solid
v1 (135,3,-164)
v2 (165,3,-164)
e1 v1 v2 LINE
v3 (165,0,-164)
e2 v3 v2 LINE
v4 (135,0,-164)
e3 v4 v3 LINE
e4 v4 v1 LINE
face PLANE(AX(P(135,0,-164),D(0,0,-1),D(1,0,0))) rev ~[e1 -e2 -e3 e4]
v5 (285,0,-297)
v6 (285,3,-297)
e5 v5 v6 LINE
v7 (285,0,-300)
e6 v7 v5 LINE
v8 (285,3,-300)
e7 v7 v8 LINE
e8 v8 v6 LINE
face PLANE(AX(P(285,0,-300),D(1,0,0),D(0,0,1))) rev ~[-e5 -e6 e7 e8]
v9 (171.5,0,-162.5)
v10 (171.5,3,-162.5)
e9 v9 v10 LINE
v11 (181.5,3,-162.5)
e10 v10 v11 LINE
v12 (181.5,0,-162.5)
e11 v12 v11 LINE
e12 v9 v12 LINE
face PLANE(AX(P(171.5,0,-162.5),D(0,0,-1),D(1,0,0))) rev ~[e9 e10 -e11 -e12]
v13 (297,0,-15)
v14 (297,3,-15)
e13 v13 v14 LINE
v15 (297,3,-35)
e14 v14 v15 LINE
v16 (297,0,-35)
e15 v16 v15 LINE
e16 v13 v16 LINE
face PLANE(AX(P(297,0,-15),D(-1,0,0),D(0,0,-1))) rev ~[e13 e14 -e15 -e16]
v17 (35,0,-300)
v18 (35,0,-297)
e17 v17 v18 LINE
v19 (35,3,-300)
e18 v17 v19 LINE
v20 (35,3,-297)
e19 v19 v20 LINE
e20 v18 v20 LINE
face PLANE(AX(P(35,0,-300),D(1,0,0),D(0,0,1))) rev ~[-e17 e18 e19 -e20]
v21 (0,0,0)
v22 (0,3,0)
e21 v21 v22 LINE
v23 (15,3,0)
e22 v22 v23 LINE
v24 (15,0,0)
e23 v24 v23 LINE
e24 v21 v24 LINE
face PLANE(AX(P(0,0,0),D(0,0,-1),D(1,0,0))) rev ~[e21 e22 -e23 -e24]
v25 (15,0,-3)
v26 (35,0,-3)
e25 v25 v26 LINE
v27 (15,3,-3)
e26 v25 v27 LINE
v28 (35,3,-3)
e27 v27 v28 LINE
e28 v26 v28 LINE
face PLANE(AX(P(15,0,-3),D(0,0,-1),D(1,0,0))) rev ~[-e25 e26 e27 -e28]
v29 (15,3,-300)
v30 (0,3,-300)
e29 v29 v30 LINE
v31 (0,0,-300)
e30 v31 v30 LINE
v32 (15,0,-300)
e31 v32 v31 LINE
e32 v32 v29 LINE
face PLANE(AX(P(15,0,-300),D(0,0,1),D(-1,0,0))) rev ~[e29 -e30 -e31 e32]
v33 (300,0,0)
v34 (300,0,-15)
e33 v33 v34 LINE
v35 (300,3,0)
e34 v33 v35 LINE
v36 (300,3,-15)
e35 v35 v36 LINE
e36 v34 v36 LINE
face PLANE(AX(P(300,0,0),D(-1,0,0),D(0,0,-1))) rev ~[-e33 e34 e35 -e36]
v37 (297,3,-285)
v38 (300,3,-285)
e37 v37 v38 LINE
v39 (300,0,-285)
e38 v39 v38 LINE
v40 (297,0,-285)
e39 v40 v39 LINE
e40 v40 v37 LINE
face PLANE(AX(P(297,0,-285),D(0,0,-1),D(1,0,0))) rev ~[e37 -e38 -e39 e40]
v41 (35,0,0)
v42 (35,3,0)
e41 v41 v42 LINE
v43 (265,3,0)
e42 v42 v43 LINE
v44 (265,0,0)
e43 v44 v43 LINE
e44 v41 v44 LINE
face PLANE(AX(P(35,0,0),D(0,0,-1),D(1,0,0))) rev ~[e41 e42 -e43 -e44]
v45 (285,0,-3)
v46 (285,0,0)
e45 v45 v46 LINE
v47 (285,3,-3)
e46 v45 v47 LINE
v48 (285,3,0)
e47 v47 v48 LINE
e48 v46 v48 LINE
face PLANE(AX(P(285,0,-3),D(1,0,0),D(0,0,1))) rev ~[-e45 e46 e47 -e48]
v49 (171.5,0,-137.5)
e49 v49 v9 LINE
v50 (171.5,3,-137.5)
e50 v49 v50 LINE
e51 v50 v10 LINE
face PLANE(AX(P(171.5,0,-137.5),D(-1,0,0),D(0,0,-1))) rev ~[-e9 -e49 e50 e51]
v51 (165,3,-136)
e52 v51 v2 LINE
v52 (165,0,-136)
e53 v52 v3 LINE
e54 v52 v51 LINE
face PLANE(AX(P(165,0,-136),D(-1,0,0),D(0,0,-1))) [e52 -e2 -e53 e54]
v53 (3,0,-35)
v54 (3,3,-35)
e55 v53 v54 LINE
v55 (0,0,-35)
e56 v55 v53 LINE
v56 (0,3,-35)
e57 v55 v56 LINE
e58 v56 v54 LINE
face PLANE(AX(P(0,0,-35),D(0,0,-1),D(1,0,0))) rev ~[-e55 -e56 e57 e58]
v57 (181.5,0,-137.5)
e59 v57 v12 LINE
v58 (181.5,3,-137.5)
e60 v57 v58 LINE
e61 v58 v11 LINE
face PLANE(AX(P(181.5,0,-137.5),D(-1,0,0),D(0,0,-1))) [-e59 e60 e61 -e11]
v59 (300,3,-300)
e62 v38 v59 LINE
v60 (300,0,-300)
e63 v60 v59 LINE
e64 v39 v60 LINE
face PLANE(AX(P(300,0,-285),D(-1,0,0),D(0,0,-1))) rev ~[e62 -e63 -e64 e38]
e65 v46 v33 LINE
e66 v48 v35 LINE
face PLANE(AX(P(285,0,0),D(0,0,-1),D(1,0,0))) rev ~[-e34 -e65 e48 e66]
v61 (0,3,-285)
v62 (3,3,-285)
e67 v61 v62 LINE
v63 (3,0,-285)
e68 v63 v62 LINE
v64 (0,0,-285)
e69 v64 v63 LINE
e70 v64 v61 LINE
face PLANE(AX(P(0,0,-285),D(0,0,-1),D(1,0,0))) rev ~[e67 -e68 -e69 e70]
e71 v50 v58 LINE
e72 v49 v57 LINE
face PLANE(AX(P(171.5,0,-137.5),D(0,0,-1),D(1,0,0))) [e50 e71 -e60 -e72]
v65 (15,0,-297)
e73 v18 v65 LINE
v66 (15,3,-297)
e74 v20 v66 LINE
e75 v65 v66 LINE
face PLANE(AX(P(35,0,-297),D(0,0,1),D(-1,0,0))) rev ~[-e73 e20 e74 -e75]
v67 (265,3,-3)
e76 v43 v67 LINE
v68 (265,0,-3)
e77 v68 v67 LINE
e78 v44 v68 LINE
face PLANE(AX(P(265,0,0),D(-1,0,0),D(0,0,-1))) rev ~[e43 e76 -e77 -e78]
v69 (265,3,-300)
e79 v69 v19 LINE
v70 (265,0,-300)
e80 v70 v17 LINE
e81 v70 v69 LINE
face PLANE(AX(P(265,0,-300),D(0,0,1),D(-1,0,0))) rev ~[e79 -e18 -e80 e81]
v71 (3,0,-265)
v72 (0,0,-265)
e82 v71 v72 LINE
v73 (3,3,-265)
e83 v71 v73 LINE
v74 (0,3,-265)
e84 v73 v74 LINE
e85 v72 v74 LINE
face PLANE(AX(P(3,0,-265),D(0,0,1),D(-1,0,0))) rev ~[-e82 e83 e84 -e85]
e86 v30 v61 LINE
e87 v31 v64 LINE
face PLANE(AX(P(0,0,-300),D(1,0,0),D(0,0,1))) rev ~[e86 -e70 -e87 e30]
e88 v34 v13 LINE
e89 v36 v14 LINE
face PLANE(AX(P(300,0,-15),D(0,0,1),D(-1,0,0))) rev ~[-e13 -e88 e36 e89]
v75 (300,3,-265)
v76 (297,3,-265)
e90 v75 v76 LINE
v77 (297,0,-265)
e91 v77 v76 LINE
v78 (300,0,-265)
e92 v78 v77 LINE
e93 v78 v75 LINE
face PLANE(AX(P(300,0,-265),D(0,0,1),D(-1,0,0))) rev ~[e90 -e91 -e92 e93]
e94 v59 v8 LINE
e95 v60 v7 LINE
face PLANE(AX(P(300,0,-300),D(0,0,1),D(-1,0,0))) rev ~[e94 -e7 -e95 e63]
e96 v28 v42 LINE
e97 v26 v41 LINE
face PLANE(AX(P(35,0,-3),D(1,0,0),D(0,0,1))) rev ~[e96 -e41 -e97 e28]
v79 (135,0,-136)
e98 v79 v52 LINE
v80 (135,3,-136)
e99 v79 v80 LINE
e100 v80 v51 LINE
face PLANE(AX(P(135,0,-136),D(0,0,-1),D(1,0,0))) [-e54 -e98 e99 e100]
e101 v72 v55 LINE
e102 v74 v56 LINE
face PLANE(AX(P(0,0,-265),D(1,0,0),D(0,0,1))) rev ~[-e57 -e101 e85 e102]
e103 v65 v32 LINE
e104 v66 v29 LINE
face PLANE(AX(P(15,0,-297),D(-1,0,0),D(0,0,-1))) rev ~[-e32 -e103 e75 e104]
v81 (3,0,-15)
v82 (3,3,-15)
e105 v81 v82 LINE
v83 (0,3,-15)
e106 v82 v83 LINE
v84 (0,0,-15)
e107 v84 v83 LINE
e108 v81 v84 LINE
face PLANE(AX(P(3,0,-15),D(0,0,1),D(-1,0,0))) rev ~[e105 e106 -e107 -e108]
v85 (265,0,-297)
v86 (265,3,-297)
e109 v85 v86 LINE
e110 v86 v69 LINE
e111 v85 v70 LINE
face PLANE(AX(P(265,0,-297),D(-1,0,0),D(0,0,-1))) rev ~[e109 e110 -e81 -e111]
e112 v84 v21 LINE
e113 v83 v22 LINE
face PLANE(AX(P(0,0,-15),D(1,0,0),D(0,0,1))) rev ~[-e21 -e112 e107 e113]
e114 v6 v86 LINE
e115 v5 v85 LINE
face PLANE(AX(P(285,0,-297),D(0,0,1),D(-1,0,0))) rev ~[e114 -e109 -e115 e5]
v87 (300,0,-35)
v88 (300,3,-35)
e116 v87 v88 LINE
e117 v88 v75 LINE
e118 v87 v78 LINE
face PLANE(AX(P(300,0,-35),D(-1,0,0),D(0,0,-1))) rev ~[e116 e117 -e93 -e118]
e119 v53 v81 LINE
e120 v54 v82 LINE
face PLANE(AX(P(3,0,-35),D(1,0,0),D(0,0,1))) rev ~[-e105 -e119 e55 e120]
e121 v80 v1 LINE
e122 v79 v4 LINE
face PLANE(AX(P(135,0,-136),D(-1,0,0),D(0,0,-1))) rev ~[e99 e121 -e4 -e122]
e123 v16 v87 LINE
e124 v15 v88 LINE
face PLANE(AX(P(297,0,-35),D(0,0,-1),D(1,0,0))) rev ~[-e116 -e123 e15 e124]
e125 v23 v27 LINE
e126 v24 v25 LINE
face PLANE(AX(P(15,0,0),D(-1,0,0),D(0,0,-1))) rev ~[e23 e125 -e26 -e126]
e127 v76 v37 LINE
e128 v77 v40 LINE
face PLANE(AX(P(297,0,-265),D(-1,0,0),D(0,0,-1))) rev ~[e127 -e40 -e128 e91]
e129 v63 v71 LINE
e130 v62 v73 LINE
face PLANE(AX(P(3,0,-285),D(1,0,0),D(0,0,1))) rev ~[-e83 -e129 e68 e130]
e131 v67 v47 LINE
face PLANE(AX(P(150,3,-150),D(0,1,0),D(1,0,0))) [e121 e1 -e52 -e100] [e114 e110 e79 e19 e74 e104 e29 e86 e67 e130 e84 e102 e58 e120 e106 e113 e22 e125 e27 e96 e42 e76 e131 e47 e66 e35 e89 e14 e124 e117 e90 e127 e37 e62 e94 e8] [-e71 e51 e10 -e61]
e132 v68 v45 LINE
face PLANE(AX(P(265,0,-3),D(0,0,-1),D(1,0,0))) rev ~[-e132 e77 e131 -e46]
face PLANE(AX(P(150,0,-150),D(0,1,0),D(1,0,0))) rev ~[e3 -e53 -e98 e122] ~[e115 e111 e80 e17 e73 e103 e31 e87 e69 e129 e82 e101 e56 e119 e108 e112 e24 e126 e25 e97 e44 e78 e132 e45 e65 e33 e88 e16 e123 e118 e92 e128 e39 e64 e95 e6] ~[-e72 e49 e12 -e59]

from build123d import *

# Parameters (mm, degrees)
CROQUIS1_W              = 30
CROQUIS1_H              = 28
CROQUIS1_W_2            = 10
CROQUIS1_H_2            = 25
SALIENTE_EXTRUIR2_DEPTH = 3


with BuildPart() as part:
    # Croquis1 → Saliente-Extruir2 (new body)
    with BuildSketch(Plane(origin=(0, 0, 0), x_dir=(1, 0, 0), z_dir=(0, 1, 0))):
        Polygon((0, 0), (15, 0), (15, 3), (35, 3), (35, 0), (265, 0), (265, 3), (285, 3), (285, 0), (300, 0), (300, 15), (297, 15), (297, 35), (300, 35), (300, 265), (297, 265), (297, 285), (300, 285), (300, 300), (285, 300), (285, 297), (265, 297), (265, 300), (35, 300), (35, 297), (15, 297), (15, 300), (0, 300), (0, 285), (3, 285), (3, 265), (0, 265), (0, 35), (3, 35), (3, 15), (0, 15), align=None)
        with Locations((150, 150)):
            Rectangle(CROQUIS1_W, CROQUIS1_H, mode=Mode.SUBTRACT)
        with Locations((176.5, 150)):
            Rectangle(CROQUIS1_W_2, CROQUIS1_H_2, mode=Mode.SUBTRACT)
    extrude(amount=SALIENTE_EXTRUIR2_DEPTH)


solid = part.part
